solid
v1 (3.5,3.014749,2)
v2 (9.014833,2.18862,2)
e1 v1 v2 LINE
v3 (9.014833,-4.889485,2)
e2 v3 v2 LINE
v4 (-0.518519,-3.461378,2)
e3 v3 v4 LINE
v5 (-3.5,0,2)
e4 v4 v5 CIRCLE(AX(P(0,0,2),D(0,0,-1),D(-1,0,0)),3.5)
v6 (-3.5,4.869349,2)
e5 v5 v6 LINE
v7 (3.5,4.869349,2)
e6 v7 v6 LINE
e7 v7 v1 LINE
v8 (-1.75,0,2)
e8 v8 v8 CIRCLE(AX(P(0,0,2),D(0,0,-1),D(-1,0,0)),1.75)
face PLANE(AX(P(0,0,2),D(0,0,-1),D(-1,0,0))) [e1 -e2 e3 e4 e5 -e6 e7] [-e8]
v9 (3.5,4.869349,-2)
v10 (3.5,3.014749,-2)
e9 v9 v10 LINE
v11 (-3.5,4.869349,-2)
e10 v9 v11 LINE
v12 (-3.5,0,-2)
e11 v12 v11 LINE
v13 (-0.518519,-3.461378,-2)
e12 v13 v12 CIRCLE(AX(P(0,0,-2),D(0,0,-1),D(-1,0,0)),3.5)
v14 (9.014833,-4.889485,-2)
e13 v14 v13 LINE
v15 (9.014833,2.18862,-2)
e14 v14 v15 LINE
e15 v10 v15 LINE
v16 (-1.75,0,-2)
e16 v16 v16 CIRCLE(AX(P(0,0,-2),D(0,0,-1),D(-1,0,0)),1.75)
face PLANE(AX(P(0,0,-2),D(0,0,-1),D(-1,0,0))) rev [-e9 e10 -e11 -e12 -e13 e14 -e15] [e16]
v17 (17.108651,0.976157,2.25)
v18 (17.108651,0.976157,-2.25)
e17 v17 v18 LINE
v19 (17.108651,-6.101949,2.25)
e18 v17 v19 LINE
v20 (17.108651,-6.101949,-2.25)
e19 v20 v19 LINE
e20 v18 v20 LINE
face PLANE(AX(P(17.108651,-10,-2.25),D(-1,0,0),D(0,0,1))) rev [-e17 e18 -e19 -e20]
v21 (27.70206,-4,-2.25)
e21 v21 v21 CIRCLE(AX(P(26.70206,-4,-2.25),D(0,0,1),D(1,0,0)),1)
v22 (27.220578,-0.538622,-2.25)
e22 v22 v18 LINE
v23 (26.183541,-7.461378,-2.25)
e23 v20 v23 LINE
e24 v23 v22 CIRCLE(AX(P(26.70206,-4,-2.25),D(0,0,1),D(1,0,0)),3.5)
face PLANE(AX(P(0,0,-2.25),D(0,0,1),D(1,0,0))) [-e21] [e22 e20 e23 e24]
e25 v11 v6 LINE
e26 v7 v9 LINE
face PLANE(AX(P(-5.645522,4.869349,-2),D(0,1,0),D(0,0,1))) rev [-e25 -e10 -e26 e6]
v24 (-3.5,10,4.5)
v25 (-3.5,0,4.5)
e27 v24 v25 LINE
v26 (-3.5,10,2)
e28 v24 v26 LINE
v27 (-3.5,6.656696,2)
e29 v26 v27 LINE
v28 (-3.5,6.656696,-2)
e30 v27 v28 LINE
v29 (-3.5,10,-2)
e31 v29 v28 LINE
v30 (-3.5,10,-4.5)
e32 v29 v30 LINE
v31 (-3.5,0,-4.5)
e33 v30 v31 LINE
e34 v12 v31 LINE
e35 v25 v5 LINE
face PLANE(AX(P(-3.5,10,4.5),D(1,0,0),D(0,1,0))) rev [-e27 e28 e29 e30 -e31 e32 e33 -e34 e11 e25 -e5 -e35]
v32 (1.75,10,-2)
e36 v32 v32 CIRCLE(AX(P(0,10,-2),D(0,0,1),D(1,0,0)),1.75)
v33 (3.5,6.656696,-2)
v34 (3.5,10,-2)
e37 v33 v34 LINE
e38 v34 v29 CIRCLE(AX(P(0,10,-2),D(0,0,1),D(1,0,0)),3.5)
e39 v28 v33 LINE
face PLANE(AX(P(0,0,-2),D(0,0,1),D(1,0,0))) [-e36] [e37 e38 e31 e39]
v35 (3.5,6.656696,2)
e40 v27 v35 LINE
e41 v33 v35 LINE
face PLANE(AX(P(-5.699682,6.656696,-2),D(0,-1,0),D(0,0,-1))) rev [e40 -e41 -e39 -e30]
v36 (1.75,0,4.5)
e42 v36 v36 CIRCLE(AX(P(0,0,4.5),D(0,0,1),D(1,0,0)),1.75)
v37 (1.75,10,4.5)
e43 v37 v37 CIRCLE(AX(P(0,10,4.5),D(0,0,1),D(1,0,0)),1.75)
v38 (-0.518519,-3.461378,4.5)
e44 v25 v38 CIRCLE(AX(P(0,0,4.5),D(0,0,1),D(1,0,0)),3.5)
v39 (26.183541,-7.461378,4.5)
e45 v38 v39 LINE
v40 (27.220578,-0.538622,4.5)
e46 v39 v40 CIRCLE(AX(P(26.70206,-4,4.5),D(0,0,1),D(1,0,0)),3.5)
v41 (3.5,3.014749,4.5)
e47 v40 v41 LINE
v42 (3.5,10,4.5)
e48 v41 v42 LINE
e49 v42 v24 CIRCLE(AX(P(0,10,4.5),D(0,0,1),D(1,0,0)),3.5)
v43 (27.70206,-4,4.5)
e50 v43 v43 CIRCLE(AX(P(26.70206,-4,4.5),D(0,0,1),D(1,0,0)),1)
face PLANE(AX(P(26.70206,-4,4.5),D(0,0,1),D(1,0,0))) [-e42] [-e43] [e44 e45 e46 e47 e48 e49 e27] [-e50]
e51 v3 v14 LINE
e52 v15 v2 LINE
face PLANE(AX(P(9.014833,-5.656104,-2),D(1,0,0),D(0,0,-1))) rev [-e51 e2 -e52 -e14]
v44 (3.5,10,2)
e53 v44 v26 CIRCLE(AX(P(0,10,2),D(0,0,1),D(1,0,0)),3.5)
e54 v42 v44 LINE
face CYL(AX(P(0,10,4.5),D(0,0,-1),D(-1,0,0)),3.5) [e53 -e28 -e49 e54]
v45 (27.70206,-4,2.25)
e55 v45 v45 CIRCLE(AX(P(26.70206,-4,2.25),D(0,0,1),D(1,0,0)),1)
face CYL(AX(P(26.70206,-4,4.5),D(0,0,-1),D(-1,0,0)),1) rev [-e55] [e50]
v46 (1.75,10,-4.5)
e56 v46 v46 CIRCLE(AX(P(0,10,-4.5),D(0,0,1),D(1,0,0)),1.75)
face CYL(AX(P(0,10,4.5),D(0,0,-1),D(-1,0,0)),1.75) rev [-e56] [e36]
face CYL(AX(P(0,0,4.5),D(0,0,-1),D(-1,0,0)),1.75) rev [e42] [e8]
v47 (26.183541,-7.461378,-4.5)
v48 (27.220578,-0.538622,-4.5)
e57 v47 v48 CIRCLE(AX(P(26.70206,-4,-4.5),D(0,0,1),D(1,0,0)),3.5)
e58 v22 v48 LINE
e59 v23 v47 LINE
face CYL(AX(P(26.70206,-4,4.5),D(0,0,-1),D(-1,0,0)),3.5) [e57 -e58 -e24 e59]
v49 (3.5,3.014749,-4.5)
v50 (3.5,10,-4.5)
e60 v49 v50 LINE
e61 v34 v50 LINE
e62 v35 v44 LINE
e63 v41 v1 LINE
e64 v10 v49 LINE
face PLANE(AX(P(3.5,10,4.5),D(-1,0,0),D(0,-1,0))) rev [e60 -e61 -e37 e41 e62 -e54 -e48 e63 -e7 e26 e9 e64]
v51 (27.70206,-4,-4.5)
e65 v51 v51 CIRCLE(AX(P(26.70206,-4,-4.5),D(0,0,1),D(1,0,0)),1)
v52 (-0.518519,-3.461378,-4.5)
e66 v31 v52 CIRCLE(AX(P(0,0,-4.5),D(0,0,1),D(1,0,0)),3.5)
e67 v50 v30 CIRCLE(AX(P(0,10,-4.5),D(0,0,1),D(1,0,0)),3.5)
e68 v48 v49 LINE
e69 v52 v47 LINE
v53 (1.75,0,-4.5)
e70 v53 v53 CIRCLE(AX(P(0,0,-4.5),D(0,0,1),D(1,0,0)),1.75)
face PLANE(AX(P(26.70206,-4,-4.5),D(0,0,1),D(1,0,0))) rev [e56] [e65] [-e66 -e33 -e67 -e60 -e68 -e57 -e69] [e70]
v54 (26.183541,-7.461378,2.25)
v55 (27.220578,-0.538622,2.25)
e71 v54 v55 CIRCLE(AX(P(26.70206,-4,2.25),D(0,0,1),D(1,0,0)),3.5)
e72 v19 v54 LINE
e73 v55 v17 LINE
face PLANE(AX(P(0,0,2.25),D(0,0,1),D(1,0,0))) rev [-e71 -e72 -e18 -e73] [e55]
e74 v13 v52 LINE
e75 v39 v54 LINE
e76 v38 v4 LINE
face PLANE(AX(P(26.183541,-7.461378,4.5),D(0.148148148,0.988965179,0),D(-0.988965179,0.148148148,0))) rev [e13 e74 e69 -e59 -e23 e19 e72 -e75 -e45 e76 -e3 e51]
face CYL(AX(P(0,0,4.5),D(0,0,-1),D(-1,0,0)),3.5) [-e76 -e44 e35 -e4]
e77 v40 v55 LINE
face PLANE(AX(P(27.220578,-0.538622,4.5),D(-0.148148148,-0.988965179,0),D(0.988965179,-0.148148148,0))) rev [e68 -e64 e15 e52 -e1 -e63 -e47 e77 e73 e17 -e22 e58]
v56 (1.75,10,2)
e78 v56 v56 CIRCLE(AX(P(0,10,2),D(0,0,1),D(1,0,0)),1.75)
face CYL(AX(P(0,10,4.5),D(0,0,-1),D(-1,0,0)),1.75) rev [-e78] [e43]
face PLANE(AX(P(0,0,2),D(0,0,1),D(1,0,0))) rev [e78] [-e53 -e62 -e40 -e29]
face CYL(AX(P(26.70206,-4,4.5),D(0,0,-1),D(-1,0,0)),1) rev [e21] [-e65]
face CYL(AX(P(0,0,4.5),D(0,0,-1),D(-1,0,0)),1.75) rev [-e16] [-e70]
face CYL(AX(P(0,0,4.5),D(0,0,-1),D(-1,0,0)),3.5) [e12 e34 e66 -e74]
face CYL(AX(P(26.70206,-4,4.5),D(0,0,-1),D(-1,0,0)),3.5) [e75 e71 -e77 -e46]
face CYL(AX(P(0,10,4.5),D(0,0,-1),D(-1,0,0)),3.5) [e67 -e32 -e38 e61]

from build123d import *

# Parameters (mm, degrees)
SKETCH_1_R          = 1.75
SKETCH_1_R_2        = 1
EXTRUDE_1_DEPTH     = 4.5
SKETCH_5_W          = 9.199682462
SKETCH_5_H          = 9.813167506
SKETCH_5_W_2        = 14.660354758
SKETCH_5_H_2        = 10.525453646
CUT_EXTRUDE_3_DEPTH = 2
SKETCH_6_W          = 19.186818514
SKETCH_6_H          = 12
CUT_EXTRUDE_4_DEPTH = 2.25


with BuildPart() as part:
    # 草图1 → 凸台-拉伸1 (new, symmetric)
    with BuildSketch(Plane.XY):
        with BuildLine():
            Line((26.183541327, -7.461378128), (-0.518518519, -3.461378128))
            ThreePointArc((-0.518518519, -3.461378128), (-2.651868663, -2.284205024), (-3.5, 0))
            Line((-3.5, 0), (-3.5, 10))
            ThreePointArc((-3.5, 10), (0, 13.5), (3.5, 10))
            Line((3.5, 10), (3.5, 3.014748692))
            Line((3.5, 3.014748692), (27.220578364, -0.538621872))
            ThreePointArc((27.220578364, -0.538621872), (30.163437974, -4.518518519), (26.183541327, -7.461378128))
        make_face()
        Circle(SKETCH_1_R, mode=Mode.SUBTRACT)
        with Locations((0, 10)):
            Circle(SKETCH_1_R, mode=Mode.SUBTRACT)
        with Locations((26.702059846, -4)):
            Circle(SKETCH_1_R_2, mode=Mode.SUBTRACT)
    extrude(amount=EXTRUDE_1_DEPTH, both=True)

    # 草图5 → 切除-拉伸3 (cut, symmetric)
    with BuildSketch(Plane.XY):
        with Locations((-1.099841231, 11.563279791)):
            Rectangle(SKETCH_5_W, SKETCH_5_H)
        with Locations((1.684655549, -0.393377614)):
            Rectangle(SKETCH_5_W_2, SKETCH_5_H_2)
    extrude(amount=CUT_EXTRUDE_3_DEPTH, both=True, mode=Mode.SUBTRACT)

    # 草图6 → 切除-拉伸4 (cut, symmetric)
    with BuildSketch(Plane.XY):
        with Locations((26.702059846, -4)):
            Rectangle(SKETCH_6_W, SKETCH_6_H)
    extrude(amount=CUT_EXTRUDE_4_DEPTH, both=True, mode=Mode.SUBTRACT)


solid = part.part
